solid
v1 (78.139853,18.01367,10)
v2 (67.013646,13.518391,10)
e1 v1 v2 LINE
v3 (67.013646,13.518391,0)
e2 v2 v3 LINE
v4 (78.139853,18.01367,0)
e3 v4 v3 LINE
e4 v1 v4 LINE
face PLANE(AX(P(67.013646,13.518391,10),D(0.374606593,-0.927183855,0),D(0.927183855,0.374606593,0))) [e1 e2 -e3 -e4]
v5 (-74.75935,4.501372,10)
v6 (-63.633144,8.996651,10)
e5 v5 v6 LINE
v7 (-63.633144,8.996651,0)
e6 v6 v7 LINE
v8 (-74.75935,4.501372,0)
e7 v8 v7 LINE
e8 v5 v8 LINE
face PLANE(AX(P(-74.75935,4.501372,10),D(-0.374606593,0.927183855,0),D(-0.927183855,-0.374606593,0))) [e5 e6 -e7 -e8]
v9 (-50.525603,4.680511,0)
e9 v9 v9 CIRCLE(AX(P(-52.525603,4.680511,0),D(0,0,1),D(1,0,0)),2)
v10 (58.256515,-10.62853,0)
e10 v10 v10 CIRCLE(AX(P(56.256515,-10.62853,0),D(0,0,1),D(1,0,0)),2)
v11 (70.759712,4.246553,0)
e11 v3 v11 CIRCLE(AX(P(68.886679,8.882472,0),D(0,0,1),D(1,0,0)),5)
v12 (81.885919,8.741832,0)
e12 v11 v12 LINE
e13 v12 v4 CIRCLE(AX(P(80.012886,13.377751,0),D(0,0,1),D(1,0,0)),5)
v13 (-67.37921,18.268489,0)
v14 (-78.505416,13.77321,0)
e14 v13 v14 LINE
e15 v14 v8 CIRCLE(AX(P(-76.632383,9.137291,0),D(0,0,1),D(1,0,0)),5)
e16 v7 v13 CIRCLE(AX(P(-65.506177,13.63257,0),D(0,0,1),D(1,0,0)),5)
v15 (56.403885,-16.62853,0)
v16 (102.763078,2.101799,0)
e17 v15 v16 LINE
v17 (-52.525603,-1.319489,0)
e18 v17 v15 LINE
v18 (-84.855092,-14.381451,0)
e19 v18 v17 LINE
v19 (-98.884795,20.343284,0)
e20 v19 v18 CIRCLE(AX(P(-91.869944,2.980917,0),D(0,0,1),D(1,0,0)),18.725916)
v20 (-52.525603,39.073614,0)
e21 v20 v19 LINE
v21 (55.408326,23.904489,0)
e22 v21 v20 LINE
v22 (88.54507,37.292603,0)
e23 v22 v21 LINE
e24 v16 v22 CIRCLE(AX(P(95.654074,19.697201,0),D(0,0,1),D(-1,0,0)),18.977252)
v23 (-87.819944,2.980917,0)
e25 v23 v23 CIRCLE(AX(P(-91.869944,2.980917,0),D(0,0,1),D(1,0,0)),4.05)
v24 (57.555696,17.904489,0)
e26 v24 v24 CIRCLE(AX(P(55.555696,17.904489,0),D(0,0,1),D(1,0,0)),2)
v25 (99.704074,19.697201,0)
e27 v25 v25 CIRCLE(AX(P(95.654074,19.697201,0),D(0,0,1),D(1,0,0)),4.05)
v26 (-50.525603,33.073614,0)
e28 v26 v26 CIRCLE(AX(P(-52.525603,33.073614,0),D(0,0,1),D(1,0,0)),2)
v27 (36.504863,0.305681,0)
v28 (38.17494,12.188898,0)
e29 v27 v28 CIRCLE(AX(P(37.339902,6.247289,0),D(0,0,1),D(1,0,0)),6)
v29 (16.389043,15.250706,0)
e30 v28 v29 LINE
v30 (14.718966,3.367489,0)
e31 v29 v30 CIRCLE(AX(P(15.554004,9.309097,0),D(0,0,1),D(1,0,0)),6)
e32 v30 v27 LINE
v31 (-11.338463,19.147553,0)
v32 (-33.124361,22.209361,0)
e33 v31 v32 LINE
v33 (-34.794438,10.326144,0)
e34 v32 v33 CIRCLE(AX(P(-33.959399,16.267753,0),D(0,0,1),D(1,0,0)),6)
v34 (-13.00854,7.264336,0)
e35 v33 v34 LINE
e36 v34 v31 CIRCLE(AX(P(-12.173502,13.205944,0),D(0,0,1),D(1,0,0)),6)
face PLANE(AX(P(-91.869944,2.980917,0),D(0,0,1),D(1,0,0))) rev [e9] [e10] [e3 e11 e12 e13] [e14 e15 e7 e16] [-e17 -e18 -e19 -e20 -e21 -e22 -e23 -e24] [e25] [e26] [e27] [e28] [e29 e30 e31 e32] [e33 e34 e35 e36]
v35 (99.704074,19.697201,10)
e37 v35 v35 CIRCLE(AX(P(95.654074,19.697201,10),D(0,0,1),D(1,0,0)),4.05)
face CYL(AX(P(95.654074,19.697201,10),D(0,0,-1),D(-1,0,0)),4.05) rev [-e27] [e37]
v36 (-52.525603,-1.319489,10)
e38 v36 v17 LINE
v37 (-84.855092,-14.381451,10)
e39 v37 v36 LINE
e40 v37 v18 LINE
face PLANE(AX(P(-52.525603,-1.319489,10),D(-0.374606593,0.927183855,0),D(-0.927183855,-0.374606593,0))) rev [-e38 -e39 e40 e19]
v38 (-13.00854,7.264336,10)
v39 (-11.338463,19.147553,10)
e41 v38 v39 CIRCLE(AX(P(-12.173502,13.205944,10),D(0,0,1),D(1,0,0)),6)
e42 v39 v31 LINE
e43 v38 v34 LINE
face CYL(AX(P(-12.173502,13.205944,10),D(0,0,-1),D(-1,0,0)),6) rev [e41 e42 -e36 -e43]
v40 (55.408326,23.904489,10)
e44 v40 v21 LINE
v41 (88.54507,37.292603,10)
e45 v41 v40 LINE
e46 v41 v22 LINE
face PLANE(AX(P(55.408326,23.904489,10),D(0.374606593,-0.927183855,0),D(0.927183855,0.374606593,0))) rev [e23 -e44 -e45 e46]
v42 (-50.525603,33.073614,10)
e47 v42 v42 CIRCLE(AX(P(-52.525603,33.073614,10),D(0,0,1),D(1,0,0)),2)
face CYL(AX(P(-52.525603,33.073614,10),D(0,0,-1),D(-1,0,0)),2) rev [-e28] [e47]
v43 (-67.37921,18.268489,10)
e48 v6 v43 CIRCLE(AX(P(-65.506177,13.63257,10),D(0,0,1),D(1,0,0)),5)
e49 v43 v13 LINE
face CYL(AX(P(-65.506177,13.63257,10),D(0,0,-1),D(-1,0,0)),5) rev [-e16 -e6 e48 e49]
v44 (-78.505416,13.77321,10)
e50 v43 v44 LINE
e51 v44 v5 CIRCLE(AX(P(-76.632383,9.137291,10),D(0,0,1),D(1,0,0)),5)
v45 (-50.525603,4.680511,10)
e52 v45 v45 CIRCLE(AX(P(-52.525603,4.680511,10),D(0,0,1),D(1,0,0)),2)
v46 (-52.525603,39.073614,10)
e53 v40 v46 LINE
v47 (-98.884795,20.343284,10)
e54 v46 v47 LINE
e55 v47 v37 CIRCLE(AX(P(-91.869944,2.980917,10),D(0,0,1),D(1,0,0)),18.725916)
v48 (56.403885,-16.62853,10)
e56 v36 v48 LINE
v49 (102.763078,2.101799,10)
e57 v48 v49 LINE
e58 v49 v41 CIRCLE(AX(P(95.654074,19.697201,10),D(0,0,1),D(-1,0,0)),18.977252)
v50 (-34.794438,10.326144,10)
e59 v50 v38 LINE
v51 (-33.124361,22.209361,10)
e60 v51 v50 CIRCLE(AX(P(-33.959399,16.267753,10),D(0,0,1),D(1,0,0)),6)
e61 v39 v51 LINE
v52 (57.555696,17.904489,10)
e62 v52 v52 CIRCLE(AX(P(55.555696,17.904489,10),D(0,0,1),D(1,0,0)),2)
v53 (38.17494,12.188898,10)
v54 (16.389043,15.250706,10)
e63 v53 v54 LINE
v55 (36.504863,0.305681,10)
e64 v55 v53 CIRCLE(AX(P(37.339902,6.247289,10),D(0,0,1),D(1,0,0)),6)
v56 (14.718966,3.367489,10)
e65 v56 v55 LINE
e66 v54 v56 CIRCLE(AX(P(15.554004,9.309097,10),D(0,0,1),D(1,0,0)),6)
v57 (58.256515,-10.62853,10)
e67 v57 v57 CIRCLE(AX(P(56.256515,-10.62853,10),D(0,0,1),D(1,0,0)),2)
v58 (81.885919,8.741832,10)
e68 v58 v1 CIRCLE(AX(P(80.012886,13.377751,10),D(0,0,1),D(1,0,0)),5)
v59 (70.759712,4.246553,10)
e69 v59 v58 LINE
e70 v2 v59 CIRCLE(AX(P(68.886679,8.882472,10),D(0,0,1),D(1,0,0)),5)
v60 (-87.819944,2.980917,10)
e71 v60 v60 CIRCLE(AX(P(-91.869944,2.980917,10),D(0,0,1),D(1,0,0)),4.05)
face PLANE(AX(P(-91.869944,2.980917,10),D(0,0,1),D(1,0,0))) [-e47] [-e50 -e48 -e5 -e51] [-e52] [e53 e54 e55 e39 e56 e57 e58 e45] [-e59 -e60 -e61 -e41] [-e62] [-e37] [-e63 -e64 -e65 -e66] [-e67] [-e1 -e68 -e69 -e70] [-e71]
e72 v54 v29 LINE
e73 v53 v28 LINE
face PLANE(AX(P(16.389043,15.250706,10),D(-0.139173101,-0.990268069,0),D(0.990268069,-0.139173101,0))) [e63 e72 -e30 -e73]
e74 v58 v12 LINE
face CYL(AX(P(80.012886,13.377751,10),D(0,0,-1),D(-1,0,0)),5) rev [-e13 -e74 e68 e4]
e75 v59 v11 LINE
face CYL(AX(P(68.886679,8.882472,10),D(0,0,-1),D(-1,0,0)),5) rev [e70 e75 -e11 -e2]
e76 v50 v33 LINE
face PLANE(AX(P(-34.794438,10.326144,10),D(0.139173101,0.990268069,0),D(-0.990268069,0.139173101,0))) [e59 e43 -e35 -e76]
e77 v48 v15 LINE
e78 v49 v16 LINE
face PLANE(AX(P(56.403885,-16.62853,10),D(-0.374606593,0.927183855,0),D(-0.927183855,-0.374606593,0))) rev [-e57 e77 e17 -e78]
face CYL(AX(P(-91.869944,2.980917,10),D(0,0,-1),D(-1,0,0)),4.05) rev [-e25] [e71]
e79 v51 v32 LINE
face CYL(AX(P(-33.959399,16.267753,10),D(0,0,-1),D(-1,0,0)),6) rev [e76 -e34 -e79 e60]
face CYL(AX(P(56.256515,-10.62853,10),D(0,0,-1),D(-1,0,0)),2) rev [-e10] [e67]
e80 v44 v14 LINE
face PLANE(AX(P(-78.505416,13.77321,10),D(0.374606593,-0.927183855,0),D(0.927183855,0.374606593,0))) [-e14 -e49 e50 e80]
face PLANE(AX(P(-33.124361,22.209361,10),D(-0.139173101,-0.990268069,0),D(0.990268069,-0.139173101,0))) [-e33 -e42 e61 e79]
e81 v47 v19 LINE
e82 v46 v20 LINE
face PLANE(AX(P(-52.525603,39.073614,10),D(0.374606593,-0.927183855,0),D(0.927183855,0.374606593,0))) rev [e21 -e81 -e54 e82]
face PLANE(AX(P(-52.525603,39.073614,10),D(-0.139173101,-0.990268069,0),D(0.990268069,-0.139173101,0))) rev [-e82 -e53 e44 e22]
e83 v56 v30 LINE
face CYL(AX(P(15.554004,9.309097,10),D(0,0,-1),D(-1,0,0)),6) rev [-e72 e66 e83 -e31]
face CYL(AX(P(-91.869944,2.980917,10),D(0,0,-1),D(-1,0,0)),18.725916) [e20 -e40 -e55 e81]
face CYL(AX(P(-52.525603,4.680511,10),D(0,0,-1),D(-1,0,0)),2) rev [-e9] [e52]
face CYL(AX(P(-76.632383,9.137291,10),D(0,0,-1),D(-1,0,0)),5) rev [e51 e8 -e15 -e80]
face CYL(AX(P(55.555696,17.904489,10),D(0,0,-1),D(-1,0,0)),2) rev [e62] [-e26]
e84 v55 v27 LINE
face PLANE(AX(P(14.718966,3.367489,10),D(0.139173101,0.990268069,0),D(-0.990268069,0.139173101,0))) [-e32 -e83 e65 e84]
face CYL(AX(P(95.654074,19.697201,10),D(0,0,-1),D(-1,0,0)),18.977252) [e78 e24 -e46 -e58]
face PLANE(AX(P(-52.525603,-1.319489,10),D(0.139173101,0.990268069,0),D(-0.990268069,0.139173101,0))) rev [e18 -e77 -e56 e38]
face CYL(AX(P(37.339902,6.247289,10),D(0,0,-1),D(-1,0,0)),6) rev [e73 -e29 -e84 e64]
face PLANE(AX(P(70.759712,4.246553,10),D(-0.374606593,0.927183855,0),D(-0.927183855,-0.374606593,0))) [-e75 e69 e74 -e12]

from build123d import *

# Parameters (mm, degrees)
SKETCH2_R           = 4.05
SKETCH2_R_2         = 2
BOSS_EXTRUDE1_DEPTH = 10


with BuildPart() as part:
    # Sketch2 → Boss-Extrude1 (new body)
    with BuildSketch(Plane.XY):
        with BuildLine():
            Line((-52.525602652, 39.073613719), (55.40832582, 23.904489319))
            Line((55.40832582, 23.904489319), (88.545070057, 37.292603029))
            ThreePointArc((88.545070057, 37.292603029), (113.24947567, 26.806204997), (102.763077638, 2.101799383))
            Line((102.763077638, 2.101799383), (56.40388491, -16.628530288))
            Line((56.40388491, -16.628530288), (-52.525602652, -1.319489182))
            Line((-52.525602652, -1.319489182), (-84.855091861, -14.38145069))
            ThreePointArc((-84.855091861, -14.38145069), (-109.23231099, -4.033935081), (-98.88479538, 20.343284048))
            Line((-98.88479538, 20.343284048), (-52.525602652, 39.073613719))
        make_face()
        with Locations((-91.869943621, 2.980916679)):
            Circle(SKETCH2_R, mode=Mode.SUBTRACT)
        with Locations((95.654073847, 19.697201206)):
            Circle(SKETCH2_R, mode=Mode.SUBTRACT)
        with Locations((-52.525602652, 33.073613719)):
            Circle(SKETCH2_R_2, mode=Mode.SUBTRACT)
        with Locations((55.555695905, 17.904489319)):
            Circle(SKETCH2_R_2, mode=Mode.SUBTRACT)
        with Locations((-52.525602652, 4.680510818)):
            Circle(SKETCH2_R_2, mode=Mode.SUBTRACT)
        with Locations((56.256514825, -10.628530288)):
            Circle(SKETCH2_R_2, mode=Mode.SUBTRACT)
        with BuildLine():
            Line((-33.124360513, 22.209360939), (-11.338463, 19.147552718))
            ThreePointArc((-11.338463, 19.147552718), (-6.231893194, 12.3709057), (-13.008540212, 7.264335893))
            Line((-13.008540212, 7.264335893), (-34.794437724, 10.326144114))
            ThreePointArc((-34.794437724, 10.326144114), (-39.901007531, 17.102791132), (-33.124360513, 22.209360939))
        make_face(mode=Mode.SUBTRACT)
        with BuildLine():
            Line((-78.505415838, 13.773210112), (-67.379209583, 18.268489233))
            ThreePointArc((-67.379209583, 18.268489233), (-60.870257343, 15.505602928), (-63.633143649, 8.996650688))
            Line((-63.633143649, 8.996650688), (-74.759349904, 4.501371567))
            ThreePointArc((-74.759349904, 4.501371567), (-81.268302144, 7.264257873), (-78.505415838, 13.773210112))
        make_face(mode=Mode.SUBTRACT)
        with BuildLine():
            Line((67.013646361, 13.518391096), (78.139852616, 18.013670217))
            ThreePointArc((78.139852616, 18.013670217), (84.648804856, 15.250783911), (81.88591855, 8.741831672))
            Line((81.88591855, 8.741831672), (70.759712296, 4.246552551))
            ThreePointArc((70.759712296, 4.246552551), (64.250760056, 7.009438856), (67.013646361, 13.518391096))
        make_face(mode=Mode.SUBTRACT)
        with BuildLine():
            Line((16.389042924, 15.250705891), (38.174940437, 12.18889767))
            ThreePointArc((38.174940437, 12.18889767), (43.281510244, 5.412250652), (36.504863225, 0.305680845))
            Line((36.504863225, 0.305680845), (14.718965713, 3.367489066))
            ThreePointArc((14.718965713, 3.367489066), (9.612395906, 10.144136084), (16.389042924, 15.250705891))
        make_face(mode=Mode.SUBTRACT)
    extrude(amount=BOSS_EXTRUDE1_DEPTH)


solid = part.part
